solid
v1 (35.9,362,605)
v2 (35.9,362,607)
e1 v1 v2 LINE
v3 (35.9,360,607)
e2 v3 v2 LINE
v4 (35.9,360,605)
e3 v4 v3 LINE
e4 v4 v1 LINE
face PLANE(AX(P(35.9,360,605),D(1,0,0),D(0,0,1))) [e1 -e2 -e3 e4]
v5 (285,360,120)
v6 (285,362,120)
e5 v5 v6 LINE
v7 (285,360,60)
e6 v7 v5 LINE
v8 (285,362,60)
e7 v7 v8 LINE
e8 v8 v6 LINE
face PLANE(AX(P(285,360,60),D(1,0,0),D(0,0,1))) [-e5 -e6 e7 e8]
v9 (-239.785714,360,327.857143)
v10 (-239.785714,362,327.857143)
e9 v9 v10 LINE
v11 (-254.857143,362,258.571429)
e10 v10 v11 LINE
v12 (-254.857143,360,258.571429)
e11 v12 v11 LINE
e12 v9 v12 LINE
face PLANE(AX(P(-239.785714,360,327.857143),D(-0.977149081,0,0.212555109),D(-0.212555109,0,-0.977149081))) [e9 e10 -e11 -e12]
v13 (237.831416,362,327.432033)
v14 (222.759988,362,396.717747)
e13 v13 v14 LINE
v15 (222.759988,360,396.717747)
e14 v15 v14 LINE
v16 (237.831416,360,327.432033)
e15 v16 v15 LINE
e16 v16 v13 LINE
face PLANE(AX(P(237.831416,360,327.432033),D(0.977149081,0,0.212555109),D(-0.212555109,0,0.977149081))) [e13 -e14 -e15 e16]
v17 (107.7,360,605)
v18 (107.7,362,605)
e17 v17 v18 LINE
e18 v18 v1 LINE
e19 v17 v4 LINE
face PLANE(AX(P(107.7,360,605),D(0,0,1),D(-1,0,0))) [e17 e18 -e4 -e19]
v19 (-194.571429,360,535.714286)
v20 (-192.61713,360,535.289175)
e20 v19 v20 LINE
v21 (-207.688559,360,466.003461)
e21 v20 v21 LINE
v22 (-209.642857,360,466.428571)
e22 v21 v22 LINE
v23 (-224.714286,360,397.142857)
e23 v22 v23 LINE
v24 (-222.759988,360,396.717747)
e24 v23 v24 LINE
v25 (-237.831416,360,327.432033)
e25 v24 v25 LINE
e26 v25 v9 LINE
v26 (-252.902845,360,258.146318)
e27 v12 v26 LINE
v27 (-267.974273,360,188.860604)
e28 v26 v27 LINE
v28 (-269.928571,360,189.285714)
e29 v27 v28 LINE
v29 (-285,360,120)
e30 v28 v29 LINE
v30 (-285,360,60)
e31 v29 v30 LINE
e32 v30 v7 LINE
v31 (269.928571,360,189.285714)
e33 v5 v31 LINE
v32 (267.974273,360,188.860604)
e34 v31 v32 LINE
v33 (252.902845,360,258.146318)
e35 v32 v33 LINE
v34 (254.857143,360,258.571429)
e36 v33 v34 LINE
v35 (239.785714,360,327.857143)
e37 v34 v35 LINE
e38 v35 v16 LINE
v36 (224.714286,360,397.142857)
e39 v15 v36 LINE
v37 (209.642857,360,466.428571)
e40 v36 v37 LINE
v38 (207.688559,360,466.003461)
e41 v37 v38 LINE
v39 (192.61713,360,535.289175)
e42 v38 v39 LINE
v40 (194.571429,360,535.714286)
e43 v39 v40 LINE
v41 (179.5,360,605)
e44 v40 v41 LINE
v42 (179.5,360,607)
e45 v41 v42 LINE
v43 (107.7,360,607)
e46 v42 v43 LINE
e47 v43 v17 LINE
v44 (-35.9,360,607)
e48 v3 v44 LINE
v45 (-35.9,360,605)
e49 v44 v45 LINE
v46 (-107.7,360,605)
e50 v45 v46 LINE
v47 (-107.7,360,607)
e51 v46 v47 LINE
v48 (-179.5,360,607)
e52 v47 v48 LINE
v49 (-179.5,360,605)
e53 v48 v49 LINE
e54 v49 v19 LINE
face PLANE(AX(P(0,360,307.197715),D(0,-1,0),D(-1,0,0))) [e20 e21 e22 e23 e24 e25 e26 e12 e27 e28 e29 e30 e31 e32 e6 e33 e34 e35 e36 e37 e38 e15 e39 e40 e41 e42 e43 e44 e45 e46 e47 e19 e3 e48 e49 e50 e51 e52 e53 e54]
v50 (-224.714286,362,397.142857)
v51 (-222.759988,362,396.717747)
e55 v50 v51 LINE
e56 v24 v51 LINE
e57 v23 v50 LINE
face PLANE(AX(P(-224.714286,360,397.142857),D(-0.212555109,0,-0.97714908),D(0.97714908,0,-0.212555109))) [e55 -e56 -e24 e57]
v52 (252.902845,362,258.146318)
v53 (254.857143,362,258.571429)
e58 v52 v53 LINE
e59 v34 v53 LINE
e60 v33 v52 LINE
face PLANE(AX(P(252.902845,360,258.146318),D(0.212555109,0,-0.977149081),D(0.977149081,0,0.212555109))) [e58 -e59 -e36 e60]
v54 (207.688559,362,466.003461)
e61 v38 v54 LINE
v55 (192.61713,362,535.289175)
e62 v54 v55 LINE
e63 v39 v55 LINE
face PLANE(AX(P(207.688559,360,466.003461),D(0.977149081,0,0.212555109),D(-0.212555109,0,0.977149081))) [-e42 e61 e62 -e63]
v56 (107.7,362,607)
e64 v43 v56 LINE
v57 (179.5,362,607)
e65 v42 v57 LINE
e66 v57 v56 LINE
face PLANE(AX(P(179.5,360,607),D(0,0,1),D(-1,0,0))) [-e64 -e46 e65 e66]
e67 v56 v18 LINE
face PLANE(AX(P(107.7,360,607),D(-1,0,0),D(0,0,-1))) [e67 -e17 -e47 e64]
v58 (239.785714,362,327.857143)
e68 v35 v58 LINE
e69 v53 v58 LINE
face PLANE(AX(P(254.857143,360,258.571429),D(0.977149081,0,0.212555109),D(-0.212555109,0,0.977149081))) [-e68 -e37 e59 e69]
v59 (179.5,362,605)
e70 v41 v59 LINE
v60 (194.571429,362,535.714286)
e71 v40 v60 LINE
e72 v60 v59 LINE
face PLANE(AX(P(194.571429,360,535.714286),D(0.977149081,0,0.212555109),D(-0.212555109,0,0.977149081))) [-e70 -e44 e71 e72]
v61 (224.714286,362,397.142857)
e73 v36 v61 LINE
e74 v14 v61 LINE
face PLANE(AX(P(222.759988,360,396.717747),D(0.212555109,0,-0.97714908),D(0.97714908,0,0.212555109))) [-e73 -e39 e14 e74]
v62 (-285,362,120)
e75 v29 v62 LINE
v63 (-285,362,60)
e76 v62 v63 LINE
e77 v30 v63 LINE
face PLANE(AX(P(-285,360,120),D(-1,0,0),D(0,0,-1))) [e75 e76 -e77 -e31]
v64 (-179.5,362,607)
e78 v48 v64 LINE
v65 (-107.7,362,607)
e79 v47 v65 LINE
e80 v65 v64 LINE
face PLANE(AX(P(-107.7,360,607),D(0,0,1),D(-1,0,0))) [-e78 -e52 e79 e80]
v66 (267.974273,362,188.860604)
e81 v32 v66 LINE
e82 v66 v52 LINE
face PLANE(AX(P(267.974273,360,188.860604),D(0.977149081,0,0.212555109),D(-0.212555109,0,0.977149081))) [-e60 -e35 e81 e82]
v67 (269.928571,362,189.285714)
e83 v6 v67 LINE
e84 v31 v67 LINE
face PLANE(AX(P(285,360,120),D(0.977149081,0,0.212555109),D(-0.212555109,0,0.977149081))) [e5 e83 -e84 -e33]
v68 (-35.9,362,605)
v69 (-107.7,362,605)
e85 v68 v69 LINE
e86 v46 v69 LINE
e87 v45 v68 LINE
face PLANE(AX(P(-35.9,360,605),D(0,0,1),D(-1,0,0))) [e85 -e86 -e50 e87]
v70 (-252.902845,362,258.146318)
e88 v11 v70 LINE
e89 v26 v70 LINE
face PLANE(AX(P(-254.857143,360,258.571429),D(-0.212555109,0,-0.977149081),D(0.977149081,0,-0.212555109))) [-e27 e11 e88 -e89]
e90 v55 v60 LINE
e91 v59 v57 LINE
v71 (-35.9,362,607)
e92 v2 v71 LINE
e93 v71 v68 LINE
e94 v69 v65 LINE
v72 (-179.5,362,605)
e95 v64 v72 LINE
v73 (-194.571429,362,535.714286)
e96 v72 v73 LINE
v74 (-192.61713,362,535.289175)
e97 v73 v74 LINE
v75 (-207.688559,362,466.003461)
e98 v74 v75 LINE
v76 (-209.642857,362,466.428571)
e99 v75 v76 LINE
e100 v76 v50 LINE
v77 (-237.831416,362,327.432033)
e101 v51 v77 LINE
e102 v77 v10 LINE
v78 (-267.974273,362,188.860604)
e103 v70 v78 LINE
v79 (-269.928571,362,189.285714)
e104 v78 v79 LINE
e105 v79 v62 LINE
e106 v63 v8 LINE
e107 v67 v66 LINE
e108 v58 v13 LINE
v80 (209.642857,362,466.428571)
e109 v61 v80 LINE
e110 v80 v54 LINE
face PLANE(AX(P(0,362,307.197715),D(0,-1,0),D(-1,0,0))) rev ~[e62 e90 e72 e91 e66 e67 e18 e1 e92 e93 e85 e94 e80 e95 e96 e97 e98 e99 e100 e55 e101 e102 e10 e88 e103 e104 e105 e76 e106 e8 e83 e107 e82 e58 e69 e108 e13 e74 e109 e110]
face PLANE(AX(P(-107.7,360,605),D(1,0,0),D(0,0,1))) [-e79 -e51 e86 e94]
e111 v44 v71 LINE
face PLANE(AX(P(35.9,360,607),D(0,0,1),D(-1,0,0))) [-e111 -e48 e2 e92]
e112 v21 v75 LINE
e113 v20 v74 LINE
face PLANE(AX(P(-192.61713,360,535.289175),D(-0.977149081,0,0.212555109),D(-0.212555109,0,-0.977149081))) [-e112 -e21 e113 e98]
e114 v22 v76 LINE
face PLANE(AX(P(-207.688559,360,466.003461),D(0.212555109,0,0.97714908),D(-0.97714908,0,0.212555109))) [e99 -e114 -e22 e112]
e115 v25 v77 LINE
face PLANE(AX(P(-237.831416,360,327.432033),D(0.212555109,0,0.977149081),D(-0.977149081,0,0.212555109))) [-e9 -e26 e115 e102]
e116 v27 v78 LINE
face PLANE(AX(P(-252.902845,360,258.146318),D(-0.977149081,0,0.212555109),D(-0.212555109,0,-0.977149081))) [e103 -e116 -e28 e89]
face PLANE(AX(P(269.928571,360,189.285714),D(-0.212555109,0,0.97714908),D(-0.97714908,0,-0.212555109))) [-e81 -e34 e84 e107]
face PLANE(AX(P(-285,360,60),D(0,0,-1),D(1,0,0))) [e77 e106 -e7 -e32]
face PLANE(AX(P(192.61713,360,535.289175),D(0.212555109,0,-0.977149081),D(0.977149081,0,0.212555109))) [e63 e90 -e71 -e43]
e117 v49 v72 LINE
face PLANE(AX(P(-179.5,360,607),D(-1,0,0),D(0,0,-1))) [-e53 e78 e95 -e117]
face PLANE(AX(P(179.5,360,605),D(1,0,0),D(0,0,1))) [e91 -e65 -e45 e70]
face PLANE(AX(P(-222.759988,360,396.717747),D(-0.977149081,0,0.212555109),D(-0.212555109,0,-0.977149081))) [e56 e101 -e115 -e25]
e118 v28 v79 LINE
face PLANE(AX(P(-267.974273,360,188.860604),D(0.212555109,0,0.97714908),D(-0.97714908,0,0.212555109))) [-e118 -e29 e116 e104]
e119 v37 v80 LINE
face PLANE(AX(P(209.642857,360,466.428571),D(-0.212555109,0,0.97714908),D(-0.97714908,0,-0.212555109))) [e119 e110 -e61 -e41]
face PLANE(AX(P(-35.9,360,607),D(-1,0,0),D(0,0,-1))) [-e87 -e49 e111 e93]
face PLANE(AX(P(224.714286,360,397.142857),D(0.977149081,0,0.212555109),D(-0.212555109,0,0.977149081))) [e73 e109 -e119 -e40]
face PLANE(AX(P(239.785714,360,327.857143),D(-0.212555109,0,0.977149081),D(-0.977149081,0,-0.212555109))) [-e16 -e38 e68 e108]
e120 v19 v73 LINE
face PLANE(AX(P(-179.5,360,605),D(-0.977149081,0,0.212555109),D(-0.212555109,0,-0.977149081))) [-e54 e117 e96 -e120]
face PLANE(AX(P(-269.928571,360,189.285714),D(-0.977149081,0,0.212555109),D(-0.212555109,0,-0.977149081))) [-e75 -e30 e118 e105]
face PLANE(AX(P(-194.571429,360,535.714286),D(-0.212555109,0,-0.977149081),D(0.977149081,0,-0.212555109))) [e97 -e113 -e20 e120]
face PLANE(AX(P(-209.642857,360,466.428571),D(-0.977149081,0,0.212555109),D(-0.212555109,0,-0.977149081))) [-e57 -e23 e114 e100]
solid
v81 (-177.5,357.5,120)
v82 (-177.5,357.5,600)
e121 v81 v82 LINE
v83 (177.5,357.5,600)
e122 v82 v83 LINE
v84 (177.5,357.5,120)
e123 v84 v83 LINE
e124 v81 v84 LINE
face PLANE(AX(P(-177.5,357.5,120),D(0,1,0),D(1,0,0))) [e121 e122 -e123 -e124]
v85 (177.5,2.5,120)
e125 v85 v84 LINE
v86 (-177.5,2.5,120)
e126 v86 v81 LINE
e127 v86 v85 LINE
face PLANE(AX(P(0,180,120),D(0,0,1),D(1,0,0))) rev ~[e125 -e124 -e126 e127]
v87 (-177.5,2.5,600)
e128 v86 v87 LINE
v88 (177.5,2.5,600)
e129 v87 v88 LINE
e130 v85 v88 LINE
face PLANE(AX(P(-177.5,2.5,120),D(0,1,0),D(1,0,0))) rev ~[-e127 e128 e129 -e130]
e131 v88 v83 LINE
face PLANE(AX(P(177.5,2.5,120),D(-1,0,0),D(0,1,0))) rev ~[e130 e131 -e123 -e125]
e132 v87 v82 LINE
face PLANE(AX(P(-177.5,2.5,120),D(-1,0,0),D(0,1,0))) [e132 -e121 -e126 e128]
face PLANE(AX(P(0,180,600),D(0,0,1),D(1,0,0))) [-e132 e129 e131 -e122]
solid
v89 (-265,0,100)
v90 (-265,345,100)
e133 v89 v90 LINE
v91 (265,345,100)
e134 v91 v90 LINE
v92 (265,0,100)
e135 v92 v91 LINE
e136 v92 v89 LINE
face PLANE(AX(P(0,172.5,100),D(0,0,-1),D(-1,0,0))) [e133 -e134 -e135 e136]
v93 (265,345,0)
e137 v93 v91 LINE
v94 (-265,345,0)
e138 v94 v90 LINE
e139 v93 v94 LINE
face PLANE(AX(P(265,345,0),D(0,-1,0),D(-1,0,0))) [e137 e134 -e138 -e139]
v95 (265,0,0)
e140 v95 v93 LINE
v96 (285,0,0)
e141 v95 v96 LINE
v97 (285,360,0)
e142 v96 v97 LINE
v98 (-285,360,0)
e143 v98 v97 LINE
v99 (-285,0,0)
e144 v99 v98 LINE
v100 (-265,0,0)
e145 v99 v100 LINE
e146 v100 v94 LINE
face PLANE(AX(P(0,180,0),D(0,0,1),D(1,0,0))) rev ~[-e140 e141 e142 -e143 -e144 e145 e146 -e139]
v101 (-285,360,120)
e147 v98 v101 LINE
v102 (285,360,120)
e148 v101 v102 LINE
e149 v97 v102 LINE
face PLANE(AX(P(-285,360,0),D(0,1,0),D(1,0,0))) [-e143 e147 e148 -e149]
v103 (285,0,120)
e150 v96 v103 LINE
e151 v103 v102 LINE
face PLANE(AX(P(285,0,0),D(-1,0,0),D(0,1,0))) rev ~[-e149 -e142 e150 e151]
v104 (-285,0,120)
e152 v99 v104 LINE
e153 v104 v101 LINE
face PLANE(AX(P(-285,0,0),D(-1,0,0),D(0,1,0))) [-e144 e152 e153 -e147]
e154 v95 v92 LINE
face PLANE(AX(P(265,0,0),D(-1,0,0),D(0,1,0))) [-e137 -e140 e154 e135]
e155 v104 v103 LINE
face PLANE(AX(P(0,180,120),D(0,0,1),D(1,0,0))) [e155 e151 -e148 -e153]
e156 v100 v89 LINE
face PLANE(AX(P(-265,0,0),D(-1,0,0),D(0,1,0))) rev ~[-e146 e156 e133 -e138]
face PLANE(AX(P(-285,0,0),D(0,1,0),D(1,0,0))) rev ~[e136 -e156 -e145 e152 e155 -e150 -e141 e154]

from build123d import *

# Parameters (mm, degrees)
SKETCH_1_W          = 570
SKETCH_1_H          = 360
EXTRUDE_1_DEPTH     = 120
SKETCH_2_W          = 530
SKETCH_2_H          = 345
CUT_EXTRUDE_1_DEPTH = 100
SKETCH_4_W          = 355
SKETCH_4_H          = 355
EXTRUDE_2_DEPTH     = 480
EXTRUDE_3_DEPTH     = 2


with BuildPart() as part:
    # ｽｹｯﾁ1 → ﾎﾞｽ - 押し出し1 (new body)
    with BuildSketch(Plane.XY):
        with Locations((0, 180)):
            Rectangle(SKETCH_1_W, SKETCH_1_H)
    extrude(amount=EXTRUDE_1_DEPTH)

    # ｽｹｯﾁ2 → ｶｯﾄ - 押し出し1 (cut)
    with BuildSketch(Plane(origin=(0, 0, 0), x_dir=(-1, 0, 0), z_dir=(0, 0, -1))):
        with Locations((0, 172.5)):
            Rectangle(SKETCH_2_W, SKETCH_2_H)
    extrude(amount=-CUT_EXTRUDE_1_DEPTH, mode=Mode.SUBTRACT)


with BuildPart() as body_2:
    # ｽｹｯﾁ4 → ﾎﾞｽ - 押し出し2 (new body)
    with BuildSketch(Plane.XY.offset(120)):
        with Locations((0, 180)):
            Rectangle(SKETCH_4_W, SKETCH_4_H)
    extrude(amount=EXTRUDE_2_DEPTH)


with BuildPart() as body_3:
    # ｽｹｯﾁ6 → ﾎﾞｽ - 押し出し3 (new body)
    with BuildSketch(Plane(origin=(0, 360, 0), x_dir=(1, 0, 0), z_dir=(0, 1, 0))):
        Polygon((-285, -60), (285, -60), (285, -120), (269.928571429, -189.285714286), (267.974273268, -188.860604067), (252.902844696, -258.146318353), (254.857142857, -258.571428571), (239.785714286, -327.857142857), (237.831416125, -327.432032639), (222.759987553, -396.717746924), (224.714285714, -397.142857143), (209.642857143, -466.428571429), (207.688558982, -466.00346121), (192.61713041, -535.289175496), (194.571428571, -535.714285714), (179.5, -605), (179.5, -607), (107.7, -607), (107.7, -605), (35.9, -605), (35.9, -607), (-35.9, -607), (-35.9, -605), (-107.7, -605), (-107.7, -607), (-179.5, -607), (-179.5, -605), (-194.571428571, -535.714285714), (-192.61713041, -535.289175496), (-207.688558982, -466.00346121), (-209.642857143, -466.428571429), (-224.714285714, -397.142857143), (-222.759987553, -396.717746924), (-237.831416125, -327.432032639), (-239.785714286, -327.857142857), (-254.857142857, -258.571428571), (-252.902844696, -258.146318353), (-267.974273268, -188.860604067), (-269.928571429, -189.285714286), (-285, -120), align=None)
    extrude(amount=EXTRUDE_3_DEPTH)


solid = Compound([part.part, body_2.part, body_3.part])
